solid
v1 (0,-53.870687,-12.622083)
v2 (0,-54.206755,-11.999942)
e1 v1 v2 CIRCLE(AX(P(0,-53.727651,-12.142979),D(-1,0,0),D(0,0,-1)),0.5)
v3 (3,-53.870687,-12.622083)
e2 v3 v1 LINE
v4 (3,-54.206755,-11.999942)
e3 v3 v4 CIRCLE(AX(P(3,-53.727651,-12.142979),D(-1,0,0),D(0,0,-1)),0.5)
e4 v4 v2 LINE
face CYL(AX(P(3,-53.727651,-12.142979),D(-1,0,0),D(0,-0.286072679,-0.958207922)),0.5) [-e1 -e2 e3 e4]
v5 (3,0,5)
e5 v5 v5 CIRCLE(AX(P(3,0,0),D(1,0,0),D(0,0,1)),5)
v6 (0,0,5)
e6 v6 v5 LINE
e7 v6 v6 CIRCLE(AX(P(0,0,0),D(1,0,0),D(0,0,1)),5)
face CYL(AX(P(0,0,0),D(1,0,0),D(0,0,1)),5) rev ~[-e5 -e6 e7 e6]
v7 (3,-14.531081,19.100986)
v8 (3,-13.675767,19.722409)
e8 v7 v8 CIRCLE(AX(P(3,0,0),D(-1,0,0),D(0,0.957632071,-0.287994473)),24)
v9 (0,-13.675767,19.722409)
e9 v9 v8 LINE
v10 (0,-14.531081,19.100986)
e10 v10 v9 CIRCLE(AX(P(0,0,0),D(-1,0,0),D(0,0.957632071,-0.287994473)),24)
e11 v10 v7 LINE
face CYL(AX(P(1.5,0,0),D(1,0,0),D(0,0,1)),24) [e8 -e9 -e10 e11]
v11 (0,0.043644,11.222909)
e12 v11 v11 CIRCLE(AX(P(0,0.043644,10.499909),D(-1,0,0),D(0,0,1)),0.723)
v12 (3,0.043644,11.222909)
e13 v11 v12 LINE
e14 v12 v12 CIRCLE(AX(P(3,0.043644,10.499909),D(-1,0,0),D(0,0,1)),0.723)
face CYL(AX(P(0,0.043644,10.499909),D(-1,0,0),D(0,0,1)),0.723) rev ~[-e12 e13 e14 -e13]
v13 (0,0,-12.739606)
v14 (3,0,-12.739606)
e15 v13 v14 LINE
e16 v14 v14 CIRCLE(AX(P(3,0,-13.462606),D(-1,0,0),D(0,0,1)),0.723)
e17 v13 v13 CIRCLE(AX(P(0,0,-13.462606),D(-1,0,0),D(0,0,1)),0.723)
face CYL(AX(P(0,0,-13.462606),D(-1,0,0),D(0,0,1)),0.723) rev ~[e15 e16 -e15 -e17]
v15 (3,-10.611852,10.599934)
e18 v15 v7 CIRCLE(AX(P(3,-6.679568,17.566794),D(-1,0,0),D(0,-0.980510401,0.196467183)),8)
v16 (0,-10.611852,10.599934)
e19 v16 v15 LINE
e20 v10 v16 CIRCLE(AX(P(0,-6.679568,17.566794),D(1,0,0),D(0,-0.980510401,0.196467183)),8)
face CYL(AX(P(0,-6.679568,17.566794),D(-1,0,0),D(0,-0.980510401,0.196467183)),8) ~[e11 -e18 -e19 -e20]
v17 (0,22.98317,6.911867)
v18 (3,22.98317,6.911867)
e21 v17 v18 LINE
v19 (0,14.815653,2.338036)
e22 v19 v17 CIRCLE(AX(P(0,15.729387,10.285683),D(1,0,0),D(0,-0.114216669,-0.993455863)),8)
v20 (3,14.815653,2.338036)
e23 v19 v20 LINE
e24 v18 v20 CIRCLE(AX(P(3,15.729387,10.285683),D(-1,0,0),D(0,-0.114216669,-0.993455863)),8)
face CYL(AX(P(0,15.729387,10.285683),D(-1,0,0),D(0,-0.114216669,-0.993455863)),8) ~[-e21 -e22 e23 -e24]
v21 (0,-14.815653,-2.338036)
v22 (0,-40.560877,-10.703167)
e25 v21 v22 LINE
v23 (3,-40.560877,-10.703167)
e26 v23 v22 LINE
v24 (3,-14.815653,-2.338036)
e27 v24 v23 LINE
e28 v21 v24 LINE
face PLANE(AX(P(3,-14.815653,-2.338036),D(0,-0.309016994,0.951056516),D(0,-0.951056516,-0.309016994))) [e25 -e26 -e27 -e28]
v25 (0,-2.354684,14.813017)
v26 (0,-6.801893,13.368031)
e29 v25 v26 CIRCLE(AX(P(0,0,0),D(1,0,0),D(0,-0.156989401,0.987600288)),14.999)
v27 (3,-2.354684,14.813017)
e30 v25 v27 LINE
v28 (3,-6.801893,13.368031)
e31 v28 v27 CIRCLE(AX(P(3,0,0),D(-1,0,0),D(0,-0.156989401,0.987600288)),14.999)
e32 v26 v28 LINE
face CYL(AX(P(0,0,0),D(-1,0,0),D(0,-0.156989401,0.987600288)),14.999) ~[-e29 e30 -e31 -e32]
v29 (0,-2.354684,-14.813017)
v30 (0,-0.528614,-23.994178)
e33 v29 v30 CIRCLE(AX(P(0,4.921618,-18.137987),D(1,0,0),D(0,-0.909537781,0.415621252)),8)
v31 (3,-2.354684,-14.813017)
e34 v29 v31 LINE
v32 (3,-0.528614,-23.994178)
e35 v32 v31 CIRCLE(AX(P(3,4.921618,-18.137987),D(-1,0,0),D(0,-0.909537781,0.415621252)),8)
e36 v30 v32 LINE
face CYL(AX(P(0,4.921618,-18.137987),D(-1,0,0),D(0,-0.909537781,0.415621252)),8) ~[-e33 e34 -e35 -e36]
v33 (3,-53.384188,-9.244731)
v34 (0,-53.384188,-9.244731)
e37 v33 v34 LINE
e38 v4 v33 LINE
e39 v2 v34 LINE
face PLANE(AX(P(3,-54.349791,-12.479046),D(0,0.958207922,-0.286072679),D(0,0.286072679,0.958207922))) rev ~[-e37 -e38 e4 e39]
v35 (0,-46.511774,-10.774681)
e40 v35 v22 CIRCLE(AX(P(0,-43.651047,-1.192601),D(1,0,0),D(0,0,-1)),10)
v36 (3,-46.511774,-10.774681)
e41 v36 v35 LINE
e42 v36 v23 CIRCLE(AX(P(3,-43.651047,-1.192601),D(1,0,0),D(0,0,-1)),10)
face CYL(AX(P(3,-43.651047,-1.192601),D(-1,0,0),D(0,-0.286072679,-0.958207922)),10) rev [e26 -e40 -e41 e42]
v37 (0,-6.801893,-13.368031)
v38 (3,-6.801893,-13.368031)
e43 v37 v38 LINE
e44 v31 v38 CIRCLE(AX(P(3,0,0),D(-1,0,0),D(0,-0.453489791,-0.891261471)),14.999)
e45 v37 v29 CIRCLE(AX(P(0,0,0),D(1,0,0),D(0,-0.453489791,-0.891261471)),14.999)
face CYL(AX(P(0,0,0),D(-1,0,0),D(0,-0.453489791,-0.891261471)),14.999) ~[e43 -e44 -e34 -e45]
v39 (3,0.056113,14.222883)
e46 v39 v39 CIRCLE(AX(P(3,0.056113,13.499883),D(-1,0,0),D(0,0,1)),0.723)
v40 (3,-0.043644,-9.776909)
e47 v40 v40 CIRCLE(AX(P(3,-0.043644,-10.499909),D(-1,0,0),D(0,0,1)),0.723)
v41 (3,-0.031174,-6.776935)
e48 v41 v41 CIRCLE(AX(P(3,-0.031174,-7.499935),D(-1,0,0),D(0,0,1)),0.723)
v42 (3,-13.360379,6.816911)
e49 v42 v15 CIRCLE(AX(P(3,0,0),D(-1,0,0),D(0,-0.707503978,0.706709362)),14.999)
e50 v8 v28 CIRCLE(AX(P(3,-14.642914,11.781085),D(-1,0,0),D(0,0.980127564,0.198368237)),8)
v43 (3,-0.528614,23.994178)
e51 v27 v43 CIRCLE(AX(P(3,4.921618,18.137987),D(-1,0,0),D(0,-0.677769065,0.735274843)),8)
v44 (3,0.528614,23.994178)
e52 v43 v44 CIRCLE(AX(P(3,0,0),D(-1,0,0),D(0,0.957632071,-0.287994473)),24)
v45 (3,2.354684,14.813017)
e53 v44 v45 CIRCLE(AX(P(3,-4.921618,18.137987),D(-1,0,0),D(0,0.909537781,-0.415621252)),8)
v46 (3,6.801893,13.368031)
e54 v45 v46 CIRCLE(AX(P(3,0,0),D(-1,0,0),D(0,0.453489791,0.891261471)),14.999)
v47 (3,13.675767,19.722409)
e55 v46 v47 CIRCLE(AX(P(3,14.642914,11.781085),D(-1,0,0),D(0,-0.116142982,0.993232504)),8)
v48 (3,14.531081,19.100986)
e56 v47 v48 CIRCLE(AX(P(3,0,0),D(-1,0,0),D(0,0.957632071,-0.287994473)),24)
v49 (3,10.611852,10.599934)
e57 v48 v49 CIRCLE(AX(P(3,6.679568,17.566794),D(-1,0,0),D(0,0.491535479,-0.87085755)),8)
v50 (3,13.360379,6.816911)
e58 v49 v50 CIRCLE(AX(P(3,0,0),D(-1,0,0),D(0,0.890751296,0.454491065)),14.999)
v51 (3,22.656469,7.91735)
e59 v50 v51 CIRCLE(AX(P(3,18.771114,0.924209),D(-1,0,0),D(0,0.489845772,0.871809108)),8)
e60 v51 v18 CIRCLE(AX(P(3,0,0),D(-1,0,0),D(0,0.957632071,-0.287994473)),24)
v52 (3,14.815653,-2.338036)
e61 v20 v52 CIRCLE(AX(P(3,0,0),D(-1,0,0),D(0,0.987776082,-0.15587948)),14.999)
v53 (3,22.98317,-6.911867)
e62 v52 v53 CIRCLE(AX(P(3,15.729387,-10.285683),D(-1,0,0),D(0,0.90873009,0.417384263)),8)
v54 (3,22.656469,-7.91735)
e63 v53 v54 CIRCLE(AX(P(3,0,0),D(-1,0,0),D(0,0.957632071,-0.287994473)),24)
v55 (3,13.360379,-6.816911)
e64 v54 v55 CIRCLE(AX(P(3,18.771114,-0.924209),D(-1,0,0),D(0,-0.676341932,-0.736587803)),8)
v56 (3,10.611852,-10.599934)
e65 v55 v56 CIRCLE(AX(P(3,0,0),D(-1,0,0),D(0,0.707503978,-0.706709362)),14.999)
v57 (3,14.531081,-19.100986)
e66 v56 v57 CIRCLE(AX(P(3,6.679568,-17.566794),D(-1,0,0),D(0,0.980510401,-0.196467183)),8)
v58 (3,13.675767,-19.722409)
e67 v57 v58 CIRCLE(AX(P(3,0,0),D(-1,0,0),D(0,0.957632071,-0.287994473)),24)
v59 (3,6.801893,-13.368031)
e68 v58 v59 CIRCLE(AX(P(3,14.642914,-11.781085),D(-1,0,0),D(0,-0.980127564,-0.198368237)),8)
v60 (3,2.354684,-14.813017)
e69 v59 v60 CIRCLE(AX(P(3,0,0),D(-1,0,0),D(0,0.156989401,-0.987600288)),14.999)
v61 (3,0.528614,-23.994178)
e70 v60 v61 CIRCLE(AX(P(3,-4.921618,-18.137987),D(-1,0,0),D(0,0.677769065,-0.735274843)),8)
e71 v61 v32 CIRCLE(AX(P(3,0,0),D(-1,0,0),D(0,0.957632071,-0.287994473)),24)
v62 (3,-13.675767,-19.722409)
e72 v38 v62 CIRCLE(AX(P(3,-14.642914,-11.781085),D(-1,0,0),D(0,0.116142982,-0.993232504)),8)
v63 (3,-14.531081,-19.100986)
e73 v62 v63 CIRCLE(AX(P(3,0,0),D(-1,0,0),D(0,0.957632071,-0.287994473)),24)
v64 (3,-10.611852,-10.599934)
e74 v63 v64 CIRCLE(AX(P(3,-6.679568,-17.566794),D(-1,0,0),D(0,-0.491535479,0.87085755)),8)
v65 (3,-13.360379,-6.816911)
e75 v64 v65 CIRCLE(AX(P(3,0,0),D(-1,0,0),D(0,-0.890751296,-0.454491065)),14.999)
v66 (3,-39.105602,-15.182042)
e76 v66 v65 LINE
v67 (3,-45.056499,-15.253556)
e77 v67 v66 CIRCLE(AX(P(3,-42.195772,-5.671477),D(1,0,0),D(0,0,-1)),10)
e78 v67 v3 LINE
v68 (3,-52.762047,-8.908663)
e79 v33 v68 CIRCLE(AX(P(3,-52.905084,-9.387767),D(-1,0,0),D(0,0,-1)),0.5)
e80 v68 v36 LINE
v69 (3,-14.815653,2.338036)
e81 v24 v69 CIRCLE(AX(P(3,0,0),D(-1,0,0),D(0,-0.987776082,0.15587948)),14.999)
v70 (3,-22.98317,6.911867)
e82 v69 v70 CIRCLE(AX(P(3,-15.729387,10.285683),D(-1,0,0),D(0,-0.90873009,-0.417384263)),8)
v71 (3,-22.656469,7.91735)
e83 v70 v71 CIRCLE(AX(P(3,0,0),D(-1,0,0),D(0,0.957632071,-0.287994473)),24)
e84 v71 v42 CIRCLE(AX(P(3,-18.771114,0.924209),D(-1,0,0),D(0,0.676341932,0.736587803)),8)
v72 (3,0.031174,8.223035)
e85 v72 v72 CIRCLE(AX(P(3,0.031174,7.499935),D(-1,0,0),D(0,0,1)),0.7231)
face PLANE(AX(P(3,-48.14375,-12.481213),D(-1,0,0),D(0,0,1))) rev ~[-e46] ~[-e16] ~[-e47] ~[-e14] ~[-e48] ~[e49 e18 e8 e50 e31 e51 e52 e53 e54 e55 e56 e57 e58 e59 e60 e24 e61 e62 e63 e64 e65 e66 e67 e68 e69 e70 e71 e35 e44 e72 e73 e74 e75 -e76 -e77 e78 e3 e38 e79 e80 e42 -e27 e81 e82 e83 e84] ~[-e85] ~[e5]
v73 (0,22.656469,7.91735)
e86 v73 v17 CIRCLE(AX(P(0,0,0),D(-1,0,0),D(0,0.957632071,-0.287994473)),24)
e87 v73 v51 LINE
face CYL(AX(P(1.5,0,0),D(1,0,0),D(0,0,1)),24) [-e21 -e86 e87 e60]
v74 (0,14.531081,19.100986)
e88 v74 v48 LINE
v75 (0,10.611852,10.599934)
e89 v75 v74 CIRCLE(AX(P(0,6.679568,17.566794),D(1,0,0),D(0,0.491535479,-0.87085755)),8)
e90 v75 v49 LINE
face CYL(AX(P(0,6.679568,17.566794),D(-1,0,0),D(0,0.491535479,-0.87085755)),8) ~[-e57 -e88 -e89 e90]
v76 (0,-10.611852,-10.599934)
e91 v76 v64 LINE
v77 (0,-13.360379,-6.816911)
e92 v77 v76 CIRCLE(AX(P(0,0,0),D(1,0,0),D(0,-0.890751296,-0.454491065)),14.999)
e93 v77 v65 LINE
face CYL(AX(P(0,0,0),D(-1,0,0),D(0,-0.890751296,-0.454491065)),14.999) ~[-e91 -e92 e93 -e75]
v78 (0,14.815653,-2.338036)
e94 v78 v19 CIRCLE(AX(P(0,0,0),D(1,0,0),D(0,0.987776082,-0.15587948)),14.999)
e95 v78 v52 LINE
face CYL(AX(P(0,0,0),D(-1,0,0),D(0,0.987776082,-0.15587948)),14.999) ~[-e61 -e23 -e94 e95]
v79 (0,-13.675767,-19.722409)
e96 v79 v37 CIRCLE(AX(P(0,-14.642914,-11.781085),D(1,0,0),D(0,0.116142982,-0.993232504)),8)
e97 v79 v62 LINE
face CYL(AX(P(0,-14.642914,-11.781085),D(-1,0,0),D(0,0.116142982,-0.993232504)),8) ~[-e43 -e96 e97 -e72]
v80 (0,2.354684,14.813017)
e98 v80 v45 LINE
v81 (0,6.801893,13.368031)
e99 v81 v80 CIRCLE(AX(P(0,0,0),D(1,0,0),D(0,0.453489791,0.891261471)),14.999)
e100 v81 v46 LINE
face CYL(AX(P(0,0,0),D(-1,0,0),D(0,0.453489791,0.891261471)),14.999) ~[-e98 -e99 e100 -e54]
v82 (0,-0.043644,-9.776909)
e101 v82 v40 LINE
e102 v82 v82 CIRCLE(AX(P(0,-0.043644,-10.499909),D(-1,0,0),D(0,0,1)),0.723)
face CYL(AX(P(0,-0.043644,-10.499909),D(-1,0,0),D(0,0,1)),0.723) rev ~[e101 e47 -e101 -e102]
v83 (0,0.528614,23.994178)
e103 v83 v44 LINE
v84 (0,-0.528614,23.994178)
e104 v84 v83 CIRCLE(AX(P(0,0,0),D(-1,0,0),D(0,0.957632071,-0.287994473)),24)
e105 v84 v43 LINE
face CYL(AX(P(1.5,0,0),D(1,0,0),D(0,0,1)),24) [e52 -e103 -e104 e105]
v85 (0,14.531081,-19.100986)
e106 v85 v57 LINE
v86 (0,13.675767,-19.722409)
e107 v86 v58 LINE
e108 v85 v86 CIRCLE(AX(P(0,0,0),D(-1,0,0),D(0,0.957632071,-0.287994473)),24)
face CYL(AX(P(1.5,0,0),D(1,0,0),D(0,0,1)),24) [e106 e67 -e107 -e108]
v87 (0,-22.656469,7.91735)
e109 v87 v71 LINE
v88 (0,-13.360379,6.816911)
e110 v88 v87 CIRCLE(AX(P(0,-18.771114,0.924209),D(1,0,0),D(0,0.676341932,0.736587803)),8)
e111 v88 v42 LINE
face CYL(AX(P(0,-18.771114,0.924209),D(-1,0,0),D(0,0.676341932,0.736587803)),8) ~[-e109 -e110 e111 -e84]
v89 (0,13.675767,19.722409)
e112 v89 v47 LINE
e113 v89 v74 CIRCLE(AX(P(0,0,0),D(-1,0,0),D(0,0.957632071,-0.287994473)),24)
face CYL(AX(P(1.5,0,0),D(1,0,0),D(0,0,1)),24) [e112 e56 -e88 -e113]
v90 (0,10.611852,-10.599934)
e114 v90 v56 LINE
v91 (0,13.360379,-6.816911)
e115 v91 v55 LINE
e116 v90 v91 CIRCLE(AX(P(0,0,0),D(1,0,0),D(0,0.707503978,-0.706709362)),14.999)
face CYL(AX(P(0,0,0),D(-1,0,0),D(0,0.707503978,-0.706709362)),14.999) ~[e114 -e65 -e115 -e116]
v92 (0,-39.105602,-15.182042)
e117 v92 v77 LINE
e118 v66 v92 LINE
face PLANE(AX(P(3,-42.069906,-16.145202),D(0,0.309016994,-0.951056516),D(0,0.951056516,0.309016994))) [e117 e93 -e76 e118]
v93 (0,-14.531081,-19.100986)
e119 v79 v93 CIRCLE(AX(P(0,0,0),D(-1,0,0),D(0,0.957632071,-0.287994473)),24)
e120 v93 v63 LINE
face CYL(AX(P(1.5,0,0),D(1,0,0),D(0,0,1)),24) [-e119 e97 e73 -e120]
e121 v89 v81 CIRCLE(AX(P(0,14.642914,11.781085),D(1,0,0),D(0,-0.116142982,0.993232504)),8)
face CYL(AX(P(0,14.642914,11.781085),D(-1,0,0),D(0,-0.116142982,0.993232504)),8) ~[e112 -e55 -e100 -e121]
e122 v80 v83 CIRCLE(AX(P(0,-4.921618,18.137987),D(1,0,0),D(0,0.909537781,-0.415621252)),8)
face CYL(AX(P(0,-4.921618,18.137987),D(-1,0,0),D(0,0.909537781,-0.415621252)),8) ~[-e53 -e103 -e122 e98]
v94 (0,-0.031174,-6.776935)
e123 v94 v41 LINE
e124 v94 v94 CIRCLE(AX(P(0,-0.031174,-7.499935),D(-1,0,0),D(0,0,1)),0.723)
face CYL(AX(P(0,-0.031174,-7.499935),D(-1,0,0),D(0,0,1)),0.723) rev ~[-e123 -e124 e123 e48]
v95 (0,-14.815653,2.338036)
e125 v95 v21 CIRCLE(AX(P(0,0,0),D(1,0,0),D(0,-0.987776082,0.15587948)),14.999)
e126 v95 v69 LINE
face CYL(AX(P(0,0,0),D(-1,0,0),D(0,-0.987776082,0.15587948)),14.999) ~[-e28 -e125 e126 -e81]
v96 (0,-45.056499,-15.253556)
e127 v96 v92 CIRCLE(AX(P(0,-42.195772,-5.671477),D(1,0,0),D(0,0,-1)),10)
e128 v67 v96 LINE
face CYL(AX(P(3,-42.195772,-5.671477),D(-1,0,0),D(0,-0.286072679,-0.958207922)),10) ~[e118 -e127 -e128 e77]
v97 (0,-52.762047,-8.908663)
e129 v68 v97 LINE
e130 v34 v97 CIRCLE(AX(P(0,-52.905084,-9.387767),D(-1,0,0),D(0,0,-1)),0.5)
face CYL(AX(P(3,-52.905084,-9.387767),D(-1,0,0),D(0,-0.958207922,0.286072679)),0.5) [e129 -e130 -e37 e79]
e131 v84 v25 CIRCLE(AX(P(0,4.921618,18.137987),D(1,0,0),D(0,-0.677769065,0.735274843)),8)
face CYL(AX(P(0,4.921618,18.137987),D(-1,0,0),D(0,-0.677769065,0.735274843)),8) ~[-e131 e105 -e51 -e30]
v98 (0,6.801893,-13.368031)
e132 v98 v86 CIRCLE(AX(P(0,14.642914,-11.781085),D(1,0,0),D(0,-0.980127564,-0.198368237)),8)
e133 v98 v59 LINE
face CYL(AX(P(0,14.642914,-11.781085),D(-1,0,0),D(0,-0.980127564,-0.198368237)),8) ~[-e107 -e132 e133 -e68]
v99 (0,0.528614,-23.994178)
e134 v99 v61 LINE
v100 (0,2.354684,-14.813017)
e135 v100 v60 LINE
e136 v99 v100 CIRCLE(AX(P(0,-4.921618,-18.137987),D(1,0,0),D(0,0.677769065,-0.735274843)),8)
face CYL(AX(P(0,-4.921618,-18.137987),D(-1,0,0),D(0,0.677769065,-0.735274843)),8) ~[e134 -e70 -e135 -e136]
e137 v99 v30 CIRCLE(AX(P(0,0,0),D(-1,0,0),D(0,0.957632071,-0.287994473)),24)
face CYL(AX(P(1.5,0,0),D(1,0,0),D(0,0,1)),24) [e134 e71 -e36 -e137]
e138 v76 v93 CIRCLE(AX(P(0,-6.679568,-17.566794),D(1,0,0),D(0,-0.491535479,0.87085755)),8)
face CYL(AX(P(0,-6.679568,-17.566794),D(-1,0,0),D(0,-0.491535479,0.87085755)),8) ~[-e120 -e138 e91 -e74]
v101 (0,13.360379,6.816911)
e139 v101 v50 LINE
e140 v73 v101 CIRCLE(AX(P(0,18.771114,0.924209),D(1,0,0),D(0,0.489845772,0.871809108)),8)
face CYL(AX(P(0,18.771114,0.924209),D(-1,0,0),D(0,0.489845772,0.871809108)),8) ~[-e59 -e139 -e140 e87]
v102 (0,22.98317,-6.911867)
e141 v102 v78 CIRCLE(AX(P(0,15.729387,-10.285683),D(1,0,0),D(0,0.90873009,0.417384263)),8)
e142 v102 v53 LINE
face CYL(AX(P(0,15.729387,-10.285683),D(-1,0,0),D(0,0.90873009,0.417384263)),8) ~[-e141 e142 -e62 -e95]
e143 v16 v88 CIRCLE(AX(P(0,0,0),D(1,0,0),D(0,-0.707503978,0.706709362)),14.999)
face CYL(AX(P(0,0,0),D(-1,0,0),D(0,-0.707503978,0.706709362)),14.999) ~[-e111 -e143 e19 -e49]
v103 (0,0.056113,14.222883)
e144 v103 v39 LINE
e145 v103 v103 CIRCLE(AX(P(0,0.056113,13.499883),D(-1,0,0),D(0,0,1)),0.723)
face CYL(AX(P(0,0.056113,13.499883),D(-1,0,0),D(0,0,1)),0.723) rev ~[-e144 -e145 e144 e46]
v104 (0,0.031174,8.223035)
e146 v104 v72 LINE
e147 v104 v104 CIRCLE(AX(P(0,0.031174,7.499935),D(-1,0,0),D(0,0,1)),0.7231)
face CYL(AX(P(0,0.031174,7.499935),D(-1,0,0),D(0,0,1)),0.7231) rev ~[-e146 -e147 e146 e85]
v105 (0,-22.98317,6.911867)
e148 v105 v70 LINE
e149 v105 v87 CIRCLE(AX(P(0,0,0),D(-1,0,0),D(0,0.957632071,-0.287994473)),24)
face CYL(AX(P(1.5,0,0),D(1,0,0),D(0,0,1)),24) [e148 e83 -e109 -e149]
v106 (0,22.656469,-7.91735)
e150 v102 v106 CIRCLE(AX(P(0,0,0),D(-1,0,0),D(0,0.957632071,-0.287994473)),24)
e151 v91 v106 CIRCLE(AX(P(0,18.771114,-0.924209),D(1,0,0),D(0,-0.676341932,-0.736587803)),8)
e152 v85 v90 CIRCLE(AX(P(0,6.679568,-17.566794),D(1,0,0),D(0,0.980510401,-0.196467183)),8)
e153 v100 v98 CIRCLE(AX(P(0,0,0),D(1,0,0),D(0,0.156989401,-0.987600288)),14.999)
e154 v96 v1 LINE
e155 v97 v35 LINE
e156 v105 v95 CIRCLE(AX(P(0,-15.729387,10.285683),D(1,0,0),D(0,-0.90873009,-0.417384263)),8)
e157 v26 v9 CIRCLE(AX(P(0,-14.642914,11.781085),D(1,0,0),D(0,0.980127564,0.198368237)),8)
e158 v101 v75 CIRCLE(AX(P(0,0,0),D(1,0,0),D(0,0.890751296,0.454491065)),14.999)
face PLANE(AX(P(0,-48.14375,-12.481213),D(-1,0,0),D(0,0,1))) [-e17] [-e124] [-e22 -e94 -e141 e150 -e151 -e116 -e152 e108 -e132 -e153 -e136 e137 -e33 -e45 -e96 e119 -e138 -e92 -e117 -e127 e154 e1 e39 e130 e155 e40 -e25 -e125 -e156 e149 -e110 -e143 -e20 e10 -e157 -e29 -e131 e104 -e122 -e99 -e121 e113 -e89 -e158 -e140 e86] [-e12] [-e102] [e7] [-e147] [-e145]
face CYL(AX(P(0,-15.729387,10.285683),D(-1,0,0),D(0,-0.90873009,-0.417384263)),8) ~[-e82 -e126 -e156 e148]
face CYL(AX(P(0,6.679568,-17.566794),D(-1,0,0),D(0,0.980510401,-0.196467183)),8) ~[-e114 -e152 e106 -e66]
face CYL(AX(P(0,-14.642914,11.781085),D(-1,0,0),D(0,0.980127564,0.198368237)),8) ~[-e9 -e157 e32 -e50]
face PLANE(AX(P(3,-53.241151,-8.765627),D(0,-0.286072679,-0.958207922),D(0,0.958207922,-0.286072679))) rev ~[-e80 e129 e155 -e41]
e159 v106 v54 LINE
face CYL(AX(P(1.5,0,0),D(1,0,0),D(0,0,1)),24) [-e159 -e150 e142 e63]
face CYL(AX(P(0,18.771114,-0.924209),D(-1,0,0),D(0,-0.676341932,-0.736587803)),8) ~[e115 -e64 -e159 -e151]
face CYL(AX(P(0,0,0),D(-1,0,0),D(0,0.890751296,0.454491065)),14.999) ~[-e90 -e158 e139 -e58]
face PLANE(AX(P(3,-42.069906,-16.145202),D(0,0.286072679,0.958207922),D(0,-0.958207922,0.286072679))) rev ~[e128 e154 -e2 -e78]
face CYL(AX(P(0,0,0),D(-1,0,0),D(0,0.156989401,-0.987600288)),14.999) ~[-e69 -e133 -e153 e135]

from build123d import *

# Parameters (mm, degrees)
BASPROSKE_W         = 3
BASPROSKE_H         = 24
TOOTHCUT_DEPTH      = 35.073450075
TEETHCUTS_COUNT     = 10
TEETHCUTS_ANGLE     = 324
BORSKE_R            = 5
BORE_DEPTH          = 50.0000508
CUT_EXTRUDE1_DEPTH  = 10
BOSS_EXTRUDE1_DEPTH = 3
FILLET1_R           = 10
FILLET2_R           = 0.5
SKETCH4_R           = 0.723099704
SKETCH4_R_2         = 0.723
CUT_EXTRUDE2_DEPTH  = 60.377084251


with BuildPart() as part:
    # BasProSke → Base-Revolve (revolve)
    with BuildSketch(Plane(origin=(0, 0, 0), x_dir=(1, 0, 0), z_dir=(0, 1, 0)), mode=Mode.PRIVATE) as base_revolve_sk:
        with Locations((1.5, 12)):
            Rectangle(BASPROSKE_W, BASPROSKE_H)
    revolve(base_revolve_sk.sketch.rotate(Axis((-10, 0, 0), (1, 0, 0)), 180), axis=Axis((-10, 0, 0), (1, 0, 0)))

    # TooCutSke → ToothCut (cut, through all)
    with BuildSketch(Plane(origin=(0, 0, 0), x_dir=(0, 0, -1), z_dir=(1, 0, 0))):
        with BuildLine():
            ThreePointArc((2.33803632, 14.815653451), (0, 14.999), (-2.33803632, 14.815653451))
            ThreePointArc((-2.33803632, 14.815653451), (-3.315013319, 19.654913653), (-6.946609122, 22.999227528))
            ThreePointArc((-6.946609122, 22.999227528), (0, 24.0254), (6.946609122, 22.999227528))
            ThreePointArc((6.946609122, 22.999227528), (3.315013319, 19.654913653), (2.33803632, 14.815653451))
        make_face()
    toothcut = extrude(amount=TOOTHCUT_DEPTH, mode=Mode.SUBTRACT)

    # TeethCuts: ToothCut ×10 about axis
    teethcuts_axis = Axis((-10, 0, 0), (1, 0, 0))
    for i in range(1, TEETHCUTS_COUNT):
        add(toothcut.rotate(teethcuts_axis, i * TEETHCUTS_ANGLE / (TEETHCUTS_COUNT - 1)), mode=Mode.SUBTRACT)

    # BorSke → Bore (cut, symmetric)
    with BuildSketch(Plane(origin=(0, 0, 0), x_dir=(0, 0, -1), z_dir=(1, 0, 0))):
        with Locations(Location((0, 0, 0), (0, 0, 180))):
            Circle(BORSKE_R)
    extrude(amount=BORE_DEPTH, both=True, mode=Mode.SUBTRACT)

    # Sketch2 → Cut-Extrude1 (cut)
    with BuildSketch(Plane(origin=(3, 0, 0), x_dir=(0, 0, -1), z_dir=(1, 0, 0))):
        Polygon((6.816911485, -13.360378693), (2.33803632, -14.815653451), (-0.141133304, -15.621184492), (3.422057866, -26.587559293), (12.21539263, -23.730431632), (8.652201461, -12.764056831), align=None)
    extrude(amount=-CUT_EXTRUDE1_DEPTH, mode=Mode.SUBTRACT)

    # Sketch3 → Boss-Extrude1 (add)
    with BuildSketch(Plane(origin=(3, 0, 0), x_dir=(0, 0, -1), z_dir=(1, 0, 0))):
        Polygon((16.145202329, -42.069905854), (12.47904632, -54.349791311), (8.765627157, -53.241151167), (11.666327165, -43.525180612), align=None)
        Polygon((11.666327165, -43.525180612), (16.145202329, -42.069905854), (6.816911485, -13.360378693), (2.33803632, -14.815653451), align=None)
    extrude(amount=-BOSS_EXTRUDE1_DEPTH)

    # Fillet1
    fillet1_edges = [part.edges().sort_by_distance(p)[0] for p in [
        (1.5, -42.069905854, -16.145202329),
        (1.5, -43.525180612, -11.666327165),
    ]]
    fillet(fillet1_edges, radius=FILLET1_R)

    # Fillet2
    fillet2_edges = [part.edges().sort_by_distance(p)[0] for p in [
        (1.5, -54.349791311, -12.47904632),
        (1.5, -53.241151167, -8.765627157),
    ]]
    fillet(fillet2_edges, radius=FILLET2_R)

    # Sketch4 → Cut-Extrude2 (cut, through all)
    with BuildSketch(Plane.ZY):
        with Locations((7.499935211, 0.031174107)):
            Circle(SKETCH4_R)
        with Locations((10.499909296, 0.04364375)):
            Circle(SKETCH4_R_2)
        with Locations((13.499883381, 0.056113393)):
            Circle(SKETCH4_R_2)
        with Locations((-7.499935211, -0.031174107)):
            Circle(SKETCH4_R_2)
        with Locations((-10.499909296, -0.04364375)):
            Circle(SKETCH4_R_2)
        with Locations((-13.462606147, 0)):
            Circle(SKETCH4_R_2)
    extrude(amount=-CUT_EXTRUDE2_DEPTH, mode=Mode.SUBTRACT)


solid = part.part
